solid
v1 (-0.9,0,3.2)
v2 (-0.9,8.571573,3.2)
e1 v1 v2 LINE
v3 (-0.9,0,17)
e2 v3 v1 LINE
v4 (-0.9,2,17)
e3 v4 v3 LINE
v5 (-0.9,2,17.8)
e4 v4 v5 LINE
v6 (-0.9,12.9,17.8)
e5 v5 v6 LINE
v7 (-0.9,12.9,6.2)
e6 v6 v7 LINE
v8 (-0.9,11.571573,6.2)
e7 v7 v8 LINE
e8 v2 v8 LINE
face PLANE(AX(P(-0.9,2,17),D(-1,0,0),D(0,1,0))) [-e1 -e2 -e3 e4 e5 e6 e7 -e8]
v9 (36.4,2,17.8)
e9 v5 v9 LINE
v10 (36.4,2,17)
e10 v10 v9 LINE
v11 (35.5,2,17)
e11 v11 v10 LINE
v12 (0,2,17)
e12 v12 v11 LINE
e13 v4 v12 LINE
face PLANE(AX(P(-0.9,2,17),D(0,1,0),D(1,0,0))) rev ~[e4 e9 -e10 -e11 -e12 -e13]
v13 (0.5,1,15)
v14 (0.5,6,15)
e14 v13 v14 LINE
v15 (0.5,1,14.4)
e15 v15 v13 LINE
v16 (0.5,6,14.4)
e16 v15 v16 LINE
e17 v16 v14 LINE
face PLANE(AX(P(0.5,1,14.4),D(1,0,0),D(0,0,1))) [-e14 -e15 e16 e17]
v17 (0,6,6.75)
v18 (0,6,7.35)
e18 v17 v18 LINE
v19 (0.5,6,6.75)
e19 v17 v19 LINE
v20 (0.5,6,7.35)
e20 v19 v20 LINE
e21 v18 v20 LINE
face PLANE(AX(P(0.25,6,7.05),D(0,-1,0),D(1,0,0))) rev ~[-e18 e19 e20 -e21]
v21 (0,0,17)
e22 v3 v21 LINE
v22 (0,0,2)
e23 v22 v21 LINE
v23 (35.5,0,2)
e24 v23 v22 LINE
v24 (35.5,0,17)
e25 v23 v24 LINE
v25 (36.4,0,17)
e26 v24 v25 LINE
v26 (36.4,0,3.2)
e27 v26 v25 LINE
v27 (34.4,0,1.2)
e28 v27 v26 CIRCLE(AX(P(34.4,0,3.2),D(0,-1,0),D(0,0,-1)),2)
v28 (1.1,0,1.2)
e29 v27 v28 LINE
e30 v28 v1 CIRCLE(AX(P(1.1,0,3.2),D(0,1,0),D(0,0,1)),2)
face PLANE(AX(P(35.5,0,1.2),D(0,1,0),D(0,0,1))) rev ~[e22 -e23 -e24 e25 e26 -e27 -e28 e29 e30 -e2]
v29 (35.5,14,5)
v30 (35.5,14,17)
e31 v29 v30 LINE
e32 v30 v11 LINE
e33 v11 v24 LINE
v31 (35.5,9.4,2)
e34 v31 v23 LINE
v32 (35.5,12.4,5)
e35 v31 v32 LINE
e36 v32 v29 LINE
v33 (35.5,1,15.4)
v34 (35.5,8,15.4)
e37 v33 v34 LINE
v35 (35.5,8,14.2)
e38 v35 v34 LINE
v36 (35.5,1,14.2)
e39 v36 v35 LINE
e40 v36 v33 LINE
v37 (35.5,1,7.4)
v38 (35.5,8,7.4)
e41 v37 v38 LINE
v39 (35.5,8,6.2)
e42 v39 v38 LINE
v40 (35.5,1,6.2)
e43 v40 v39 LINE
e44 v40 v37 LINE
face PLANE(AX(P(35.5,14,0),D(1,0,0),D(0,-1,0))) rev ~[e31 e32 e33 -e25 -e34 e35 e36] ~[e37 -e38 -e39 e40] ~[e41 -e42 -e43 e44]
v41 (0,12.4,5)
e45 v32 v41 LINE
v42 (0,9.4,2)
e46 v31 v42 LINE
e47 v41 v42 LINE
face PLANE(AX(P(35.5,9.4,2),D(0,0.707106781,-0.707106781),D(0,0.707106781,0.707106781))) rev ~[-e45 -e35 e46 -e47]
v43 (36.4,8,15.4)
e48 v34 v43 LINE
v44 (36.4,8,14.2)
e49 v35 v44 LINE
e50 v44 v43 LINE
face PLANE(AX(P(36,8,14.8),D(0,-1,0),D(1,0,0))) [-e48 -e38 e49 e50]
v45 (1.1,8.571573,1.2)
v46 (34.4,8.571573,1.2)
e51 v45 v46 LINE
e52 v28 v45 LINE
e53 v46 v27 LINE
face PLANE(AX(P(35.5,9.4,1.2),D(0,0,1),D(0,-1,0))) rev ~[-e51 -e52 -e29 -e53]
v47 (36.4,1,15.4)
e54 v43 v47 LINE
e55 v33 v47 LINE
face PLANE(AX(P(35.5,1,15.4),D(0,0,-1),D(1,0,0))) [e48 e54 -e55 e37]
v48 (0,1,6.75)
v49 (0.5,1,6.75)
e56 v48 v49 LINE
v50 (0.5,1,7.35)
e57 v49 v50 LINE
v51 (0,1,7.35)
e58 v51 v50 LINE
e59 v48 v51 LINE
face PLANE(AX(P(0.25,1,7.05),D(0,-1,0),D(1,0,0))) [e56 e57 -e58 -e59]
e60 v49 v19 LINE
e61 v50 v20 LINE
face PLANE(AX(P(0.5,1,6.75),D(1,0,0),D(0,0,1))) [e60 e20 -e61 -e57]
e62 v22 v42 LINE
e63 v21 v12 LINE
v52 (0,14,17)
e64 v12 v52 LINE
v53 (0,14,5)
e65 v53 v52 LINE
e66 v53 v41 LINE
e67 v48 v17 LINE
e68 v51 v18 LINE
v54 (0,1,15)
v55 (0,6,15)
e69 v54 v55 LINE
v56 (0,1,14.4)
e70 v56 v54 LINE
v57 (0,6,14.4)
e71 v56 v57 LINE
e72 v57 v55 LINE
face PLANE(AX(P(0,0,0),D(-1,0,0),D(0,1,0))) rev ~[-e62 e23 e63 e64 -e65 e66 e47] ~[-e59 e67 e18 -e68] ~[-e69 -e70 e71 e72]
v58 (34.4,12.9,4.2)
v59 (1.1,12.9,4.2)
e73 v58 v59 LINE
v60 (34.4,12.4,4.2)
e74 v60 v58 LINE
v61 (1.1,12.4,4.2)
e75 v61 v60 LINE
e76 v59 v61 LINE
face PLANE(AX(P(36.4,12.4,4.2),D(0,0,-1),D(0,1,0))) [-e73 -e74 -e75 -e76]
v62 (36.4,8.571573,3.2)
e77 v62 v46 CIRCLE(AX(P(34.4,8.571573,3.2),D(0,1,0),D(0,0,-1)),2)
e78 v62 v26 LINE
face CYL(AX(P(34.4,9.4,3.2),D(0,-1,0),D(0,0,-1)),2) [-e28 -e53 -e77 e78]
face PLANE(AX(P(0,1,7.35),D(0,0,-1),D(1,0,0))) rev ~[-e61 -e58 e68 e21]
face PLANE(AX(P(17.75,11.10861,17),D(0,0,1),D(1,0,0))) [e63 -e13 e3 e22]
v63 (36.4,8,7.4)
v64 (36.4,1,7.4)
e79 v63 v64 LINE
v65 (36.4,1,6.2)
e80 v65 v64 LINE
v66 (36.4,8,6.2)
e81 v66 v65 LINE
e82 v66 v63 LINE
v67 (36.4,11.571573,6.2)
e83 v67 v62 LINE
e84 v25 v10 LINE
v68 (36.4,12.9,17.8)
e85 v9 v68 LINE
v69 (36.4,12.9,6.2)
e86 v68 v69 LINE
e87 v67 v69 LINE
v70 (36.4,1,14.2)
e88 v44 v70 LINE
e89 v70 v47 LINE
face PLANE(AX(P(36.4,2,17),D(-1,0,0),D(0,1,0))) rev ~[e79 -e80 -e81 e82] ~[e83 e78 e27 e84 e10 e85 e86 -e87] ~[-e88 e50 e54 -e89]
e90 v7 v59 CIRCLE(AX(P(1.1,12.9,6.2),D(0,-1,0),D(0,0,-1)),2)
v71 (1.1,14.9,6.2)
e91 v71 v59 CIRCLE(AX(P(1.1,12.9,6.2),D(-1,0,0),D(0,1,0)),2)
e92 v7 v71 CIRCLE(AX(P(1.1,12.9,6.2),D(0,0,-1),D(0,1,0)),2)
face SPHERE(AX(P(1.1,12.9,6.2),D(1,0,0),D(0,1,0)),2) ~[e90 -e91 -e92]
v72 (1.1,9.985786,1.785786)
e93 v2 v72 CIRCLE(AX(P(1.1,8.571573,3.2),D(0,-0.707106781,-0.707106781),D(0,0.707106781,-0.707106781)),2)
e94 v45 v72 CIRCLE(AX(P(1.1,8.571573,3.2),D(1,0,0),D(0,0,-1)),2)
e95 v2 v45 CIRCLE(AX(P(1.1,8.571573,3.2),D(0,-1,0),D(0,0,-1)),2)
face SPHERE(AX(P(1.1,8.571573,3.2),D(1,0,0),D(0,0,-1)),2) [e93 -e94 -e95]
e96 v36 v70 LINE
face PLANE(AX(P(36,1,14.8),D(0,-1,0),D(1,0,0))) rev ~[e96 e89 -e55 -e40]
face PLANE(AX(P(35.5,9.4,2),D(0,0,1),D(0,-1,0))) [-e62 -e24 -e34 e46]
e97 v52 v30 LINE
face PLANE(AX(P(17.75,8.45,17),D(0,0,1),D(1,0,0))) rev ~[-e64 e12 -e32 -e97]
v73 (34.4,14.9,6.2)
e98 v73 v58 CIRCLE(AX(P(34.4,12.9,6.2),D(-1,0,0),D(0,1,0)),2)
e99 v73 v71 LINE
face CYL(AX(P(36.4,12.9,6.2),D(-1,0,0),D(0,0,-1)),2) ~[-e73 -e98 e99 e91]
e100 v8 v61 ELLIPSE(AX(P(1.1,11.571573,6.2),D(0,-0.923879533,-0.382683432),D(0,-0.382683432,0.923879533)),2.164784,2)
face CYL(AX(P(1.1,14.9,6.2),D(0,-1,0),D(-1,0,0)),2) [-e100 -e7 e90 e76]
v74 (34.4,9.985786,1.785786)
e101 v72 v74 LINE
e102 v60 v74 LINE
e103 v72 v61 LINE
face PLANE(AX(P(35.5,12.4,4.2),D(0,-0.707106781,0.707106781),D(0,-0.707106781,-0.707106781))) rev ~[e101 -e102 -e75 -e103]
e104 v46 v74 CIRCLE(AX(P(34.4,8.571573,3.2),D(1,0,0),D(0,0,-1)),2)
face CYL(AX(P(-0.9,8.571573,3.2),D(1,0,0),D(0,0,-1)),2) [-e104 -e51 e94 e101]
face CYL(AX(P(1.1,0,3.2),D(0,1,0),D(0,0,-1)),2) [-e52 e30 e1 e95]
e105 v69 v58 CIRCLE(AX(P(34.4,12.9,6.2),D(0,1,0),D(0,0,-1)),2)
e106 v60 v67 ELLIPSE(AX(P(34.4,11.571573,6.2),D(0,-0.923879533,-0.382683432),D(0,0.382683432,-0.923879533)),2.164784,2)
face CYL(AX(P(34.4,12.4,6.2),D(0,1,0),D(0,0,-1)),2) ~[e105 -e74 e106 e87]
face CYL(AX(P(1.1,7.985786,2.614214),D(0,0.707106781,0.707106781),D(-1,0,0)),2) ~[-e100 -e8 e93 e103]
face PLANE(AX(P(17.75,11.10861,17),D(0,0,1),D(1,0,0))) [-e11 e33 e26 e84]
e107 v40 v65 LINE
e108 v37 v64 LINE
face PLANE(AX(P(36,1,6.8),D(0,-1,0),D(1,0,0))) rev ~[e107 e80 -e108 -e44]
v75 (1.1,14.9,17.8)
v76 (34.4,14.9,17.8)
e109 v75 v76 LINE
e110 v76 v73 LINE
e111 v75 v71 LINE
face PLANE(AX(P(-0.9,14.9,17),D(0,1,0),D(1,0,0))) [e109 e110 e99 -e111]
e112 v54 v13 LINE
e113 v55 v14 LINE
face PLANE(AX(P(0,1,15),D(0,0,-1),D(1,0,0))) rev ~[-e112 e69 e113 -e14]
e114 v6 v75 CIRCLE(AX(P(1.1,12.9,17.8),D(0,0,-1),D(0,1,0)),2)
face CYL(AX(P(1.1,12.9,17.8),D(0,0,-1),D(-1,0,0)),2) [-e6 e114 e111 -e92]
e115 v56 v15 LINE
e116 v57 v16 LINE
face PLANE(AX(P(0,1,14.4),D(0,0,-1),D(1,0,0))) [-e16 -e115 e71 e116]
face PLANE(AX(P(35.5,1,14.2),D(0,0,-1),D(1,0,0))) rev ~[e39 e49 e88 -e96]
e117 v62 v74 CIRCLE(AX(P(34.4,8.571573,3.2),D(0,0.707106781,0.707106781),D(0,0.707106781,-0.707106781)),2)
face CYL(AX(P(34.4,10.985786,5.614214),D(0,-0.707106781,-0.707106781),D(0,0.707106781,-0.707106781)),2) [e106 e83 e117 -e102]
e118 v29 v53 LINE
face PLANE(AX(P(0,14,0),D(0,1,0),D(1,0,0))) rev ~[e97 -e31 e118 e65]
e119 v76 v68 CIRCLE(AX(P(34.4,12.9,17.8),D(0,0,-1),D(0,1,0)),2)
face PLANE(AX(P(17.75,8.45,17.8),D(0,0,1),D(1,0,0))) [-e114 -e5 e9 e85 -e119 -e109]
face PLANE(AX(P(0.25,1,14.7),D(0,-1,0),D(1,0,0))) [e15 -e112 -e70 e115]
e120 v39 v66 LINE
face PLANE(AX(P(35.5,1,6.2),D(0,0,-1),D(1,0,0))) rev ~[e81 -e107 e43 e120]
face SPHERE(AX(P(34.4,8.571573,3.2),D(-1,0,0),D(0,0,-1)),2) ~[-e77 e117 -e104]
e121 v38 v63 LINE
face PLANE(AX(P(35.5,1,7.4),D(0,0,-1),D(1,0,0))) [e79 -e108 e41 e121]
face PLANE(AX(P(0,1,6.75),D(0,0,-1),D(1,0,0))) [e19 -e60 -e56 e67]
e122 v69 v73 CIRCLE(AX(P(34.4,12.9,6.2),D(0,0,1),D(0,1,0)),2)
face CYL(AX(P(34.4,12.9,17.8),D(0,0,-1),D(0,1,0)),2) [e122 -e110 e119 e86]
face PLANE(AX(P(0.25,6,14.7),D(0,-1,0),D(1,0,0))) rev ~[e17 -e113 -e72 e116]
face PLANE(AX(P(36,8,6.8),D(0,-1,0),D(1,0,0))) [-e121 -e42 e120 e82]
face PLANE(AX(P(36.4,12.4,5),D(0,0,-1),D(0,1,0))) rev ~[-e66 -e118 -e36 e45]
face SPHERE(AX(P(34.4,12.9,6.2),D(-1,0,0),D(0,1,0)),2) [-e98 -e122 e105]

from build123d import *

# Parameters (mm, degrees)
F1_DEPTH       = 17
F3_W           = 0.5
F3_H           = 0.6
F4_DEPTH       = 5
F3_W_2         = 1
F3_H_2         = 1.2
F5_DEPTH       = 7
F7_W           = 2.5
F7_H           = 0.8
F8_DEPTH       = 37.3
F6_W           = 37.3
F6_H           = 12.9
F9_DEPTH       = 0.8
F10_W          = 9.4
F10_H          = 0.8
F11_DEPTH      = 36.4
F12_DEPTH      = 25
F12_DEPTH_BACK = 36.401
F13_DEPTH      = 0.901
F14_R          = 2


with BuildPart() as f1:
    # F0 (on Top) → F1 (new body)
    with BuildSketch(Plane.XY):
        Polygon((-0.9, 0), (0, 0), (0, 14), (35.5, 14), (35.5, 0), (36.4, 0), (36.4, 14.9), (-0.9, 14.9), align=None)
    extrude(amount=F1_DEPTH)

    # F3 (on offset) → F4 (join)
    with BuildSketch(Plane.XZ.offset(-1)):
        with Locations((0.25, 14.7)):
            Rectangle(F3_W, F3_H)
        with Locations((0.25, 7.05)):
            Rectangle(F3_W, F3_H)
    extrude(amount=-F4_DEPTH)

    # F3 (on offset) → F5 (cut)
    with BuildSketch(Plane.XZ.offset(-1)):
        with Locations((36, 14.8)):
            Rectangle(F3_W_2, F3_H_2)
        with Locations((36, 6.8)):
            Rectangle(F3_W_2, F3_H_2)
    extrude(amount=-F5_DEPTH, mode=Mode.SUBTRACT)

    # F7 (on face) → F8 (join, through all)
    with BuildSketch(Plane.YZ.offset(36.4)):
        with Locations((13.65, 4.6)):
            Rectangle(F7_W, F7_H)
    extrude(amount=-F8_DEPTH)

    # F6 (on face) → F9 (join)
    with BuildSketch(Plane.XY.offset(17)):
        with Locations((17.75, 8.45)):
            Rectangle(F6_W, F6_H)
    extrude(amount=F9_DEPTH)

    # F10 (on face) → F11 (join, through all)
    with BuildSketch(Plane(origin=(35.5, 0, 0), x_dir=(0, -1, 0), z_dir=(-1, 0, 0))):
        with Locations((-4.7, 1.6)):
            Rectangle(F10_W, F10_H)
        Polygon((-12.4, 4.2), (-9.4, 1.2), (-9.4, 2), (-12.4, 5), align=None)
    extrude(amount=F11_DEPTH)

    # F12 (cut, two sides): a face of the model
    f12_faces = [f1.faces().sort_by_distance(p)[0] for p in [
        (35.5, 7, 0.1461642911),
    ]]
    extrude(f12_faces, amount=-F12_DEPTH, mode=Mode.SUBTRACT)
    extrude(f12_faces, amount=F12_DEPTH_BACK, mode=Mode.SUBTRACT)

    # F13 (cut, through all): a face of the model
    f13_faces = [f1.faces().sort_by_distance(p)[0] for p in [
        (17.75, 14, 2.1),
    ]]
    extrude(f13_faces, amount=-F13_DEPTH, mode=Mode.SUBTRACT)

    # F14
    f14_edges = [f1.edges().sort_by_distance(p)[0] for p in [
        (17.75, 14.9, 4.2),
        (17.75, 9.4, 1.2),
        (-0.9, 4.7, 1.2),
        (36.4, 4.7, 1.2),
        (-0.9, 10.9, 2.7),
        (36.4, 10.9, 2.7),
        (36.4, 14.9, 11),
        (-0.9, 14.9, 11),
        (36.4, 13.65, 4.2),
        (-0.9, 13.65, 4.2),
    ]]
    fillet(f14_edges, radius=F14_R)


solid = f1.part
